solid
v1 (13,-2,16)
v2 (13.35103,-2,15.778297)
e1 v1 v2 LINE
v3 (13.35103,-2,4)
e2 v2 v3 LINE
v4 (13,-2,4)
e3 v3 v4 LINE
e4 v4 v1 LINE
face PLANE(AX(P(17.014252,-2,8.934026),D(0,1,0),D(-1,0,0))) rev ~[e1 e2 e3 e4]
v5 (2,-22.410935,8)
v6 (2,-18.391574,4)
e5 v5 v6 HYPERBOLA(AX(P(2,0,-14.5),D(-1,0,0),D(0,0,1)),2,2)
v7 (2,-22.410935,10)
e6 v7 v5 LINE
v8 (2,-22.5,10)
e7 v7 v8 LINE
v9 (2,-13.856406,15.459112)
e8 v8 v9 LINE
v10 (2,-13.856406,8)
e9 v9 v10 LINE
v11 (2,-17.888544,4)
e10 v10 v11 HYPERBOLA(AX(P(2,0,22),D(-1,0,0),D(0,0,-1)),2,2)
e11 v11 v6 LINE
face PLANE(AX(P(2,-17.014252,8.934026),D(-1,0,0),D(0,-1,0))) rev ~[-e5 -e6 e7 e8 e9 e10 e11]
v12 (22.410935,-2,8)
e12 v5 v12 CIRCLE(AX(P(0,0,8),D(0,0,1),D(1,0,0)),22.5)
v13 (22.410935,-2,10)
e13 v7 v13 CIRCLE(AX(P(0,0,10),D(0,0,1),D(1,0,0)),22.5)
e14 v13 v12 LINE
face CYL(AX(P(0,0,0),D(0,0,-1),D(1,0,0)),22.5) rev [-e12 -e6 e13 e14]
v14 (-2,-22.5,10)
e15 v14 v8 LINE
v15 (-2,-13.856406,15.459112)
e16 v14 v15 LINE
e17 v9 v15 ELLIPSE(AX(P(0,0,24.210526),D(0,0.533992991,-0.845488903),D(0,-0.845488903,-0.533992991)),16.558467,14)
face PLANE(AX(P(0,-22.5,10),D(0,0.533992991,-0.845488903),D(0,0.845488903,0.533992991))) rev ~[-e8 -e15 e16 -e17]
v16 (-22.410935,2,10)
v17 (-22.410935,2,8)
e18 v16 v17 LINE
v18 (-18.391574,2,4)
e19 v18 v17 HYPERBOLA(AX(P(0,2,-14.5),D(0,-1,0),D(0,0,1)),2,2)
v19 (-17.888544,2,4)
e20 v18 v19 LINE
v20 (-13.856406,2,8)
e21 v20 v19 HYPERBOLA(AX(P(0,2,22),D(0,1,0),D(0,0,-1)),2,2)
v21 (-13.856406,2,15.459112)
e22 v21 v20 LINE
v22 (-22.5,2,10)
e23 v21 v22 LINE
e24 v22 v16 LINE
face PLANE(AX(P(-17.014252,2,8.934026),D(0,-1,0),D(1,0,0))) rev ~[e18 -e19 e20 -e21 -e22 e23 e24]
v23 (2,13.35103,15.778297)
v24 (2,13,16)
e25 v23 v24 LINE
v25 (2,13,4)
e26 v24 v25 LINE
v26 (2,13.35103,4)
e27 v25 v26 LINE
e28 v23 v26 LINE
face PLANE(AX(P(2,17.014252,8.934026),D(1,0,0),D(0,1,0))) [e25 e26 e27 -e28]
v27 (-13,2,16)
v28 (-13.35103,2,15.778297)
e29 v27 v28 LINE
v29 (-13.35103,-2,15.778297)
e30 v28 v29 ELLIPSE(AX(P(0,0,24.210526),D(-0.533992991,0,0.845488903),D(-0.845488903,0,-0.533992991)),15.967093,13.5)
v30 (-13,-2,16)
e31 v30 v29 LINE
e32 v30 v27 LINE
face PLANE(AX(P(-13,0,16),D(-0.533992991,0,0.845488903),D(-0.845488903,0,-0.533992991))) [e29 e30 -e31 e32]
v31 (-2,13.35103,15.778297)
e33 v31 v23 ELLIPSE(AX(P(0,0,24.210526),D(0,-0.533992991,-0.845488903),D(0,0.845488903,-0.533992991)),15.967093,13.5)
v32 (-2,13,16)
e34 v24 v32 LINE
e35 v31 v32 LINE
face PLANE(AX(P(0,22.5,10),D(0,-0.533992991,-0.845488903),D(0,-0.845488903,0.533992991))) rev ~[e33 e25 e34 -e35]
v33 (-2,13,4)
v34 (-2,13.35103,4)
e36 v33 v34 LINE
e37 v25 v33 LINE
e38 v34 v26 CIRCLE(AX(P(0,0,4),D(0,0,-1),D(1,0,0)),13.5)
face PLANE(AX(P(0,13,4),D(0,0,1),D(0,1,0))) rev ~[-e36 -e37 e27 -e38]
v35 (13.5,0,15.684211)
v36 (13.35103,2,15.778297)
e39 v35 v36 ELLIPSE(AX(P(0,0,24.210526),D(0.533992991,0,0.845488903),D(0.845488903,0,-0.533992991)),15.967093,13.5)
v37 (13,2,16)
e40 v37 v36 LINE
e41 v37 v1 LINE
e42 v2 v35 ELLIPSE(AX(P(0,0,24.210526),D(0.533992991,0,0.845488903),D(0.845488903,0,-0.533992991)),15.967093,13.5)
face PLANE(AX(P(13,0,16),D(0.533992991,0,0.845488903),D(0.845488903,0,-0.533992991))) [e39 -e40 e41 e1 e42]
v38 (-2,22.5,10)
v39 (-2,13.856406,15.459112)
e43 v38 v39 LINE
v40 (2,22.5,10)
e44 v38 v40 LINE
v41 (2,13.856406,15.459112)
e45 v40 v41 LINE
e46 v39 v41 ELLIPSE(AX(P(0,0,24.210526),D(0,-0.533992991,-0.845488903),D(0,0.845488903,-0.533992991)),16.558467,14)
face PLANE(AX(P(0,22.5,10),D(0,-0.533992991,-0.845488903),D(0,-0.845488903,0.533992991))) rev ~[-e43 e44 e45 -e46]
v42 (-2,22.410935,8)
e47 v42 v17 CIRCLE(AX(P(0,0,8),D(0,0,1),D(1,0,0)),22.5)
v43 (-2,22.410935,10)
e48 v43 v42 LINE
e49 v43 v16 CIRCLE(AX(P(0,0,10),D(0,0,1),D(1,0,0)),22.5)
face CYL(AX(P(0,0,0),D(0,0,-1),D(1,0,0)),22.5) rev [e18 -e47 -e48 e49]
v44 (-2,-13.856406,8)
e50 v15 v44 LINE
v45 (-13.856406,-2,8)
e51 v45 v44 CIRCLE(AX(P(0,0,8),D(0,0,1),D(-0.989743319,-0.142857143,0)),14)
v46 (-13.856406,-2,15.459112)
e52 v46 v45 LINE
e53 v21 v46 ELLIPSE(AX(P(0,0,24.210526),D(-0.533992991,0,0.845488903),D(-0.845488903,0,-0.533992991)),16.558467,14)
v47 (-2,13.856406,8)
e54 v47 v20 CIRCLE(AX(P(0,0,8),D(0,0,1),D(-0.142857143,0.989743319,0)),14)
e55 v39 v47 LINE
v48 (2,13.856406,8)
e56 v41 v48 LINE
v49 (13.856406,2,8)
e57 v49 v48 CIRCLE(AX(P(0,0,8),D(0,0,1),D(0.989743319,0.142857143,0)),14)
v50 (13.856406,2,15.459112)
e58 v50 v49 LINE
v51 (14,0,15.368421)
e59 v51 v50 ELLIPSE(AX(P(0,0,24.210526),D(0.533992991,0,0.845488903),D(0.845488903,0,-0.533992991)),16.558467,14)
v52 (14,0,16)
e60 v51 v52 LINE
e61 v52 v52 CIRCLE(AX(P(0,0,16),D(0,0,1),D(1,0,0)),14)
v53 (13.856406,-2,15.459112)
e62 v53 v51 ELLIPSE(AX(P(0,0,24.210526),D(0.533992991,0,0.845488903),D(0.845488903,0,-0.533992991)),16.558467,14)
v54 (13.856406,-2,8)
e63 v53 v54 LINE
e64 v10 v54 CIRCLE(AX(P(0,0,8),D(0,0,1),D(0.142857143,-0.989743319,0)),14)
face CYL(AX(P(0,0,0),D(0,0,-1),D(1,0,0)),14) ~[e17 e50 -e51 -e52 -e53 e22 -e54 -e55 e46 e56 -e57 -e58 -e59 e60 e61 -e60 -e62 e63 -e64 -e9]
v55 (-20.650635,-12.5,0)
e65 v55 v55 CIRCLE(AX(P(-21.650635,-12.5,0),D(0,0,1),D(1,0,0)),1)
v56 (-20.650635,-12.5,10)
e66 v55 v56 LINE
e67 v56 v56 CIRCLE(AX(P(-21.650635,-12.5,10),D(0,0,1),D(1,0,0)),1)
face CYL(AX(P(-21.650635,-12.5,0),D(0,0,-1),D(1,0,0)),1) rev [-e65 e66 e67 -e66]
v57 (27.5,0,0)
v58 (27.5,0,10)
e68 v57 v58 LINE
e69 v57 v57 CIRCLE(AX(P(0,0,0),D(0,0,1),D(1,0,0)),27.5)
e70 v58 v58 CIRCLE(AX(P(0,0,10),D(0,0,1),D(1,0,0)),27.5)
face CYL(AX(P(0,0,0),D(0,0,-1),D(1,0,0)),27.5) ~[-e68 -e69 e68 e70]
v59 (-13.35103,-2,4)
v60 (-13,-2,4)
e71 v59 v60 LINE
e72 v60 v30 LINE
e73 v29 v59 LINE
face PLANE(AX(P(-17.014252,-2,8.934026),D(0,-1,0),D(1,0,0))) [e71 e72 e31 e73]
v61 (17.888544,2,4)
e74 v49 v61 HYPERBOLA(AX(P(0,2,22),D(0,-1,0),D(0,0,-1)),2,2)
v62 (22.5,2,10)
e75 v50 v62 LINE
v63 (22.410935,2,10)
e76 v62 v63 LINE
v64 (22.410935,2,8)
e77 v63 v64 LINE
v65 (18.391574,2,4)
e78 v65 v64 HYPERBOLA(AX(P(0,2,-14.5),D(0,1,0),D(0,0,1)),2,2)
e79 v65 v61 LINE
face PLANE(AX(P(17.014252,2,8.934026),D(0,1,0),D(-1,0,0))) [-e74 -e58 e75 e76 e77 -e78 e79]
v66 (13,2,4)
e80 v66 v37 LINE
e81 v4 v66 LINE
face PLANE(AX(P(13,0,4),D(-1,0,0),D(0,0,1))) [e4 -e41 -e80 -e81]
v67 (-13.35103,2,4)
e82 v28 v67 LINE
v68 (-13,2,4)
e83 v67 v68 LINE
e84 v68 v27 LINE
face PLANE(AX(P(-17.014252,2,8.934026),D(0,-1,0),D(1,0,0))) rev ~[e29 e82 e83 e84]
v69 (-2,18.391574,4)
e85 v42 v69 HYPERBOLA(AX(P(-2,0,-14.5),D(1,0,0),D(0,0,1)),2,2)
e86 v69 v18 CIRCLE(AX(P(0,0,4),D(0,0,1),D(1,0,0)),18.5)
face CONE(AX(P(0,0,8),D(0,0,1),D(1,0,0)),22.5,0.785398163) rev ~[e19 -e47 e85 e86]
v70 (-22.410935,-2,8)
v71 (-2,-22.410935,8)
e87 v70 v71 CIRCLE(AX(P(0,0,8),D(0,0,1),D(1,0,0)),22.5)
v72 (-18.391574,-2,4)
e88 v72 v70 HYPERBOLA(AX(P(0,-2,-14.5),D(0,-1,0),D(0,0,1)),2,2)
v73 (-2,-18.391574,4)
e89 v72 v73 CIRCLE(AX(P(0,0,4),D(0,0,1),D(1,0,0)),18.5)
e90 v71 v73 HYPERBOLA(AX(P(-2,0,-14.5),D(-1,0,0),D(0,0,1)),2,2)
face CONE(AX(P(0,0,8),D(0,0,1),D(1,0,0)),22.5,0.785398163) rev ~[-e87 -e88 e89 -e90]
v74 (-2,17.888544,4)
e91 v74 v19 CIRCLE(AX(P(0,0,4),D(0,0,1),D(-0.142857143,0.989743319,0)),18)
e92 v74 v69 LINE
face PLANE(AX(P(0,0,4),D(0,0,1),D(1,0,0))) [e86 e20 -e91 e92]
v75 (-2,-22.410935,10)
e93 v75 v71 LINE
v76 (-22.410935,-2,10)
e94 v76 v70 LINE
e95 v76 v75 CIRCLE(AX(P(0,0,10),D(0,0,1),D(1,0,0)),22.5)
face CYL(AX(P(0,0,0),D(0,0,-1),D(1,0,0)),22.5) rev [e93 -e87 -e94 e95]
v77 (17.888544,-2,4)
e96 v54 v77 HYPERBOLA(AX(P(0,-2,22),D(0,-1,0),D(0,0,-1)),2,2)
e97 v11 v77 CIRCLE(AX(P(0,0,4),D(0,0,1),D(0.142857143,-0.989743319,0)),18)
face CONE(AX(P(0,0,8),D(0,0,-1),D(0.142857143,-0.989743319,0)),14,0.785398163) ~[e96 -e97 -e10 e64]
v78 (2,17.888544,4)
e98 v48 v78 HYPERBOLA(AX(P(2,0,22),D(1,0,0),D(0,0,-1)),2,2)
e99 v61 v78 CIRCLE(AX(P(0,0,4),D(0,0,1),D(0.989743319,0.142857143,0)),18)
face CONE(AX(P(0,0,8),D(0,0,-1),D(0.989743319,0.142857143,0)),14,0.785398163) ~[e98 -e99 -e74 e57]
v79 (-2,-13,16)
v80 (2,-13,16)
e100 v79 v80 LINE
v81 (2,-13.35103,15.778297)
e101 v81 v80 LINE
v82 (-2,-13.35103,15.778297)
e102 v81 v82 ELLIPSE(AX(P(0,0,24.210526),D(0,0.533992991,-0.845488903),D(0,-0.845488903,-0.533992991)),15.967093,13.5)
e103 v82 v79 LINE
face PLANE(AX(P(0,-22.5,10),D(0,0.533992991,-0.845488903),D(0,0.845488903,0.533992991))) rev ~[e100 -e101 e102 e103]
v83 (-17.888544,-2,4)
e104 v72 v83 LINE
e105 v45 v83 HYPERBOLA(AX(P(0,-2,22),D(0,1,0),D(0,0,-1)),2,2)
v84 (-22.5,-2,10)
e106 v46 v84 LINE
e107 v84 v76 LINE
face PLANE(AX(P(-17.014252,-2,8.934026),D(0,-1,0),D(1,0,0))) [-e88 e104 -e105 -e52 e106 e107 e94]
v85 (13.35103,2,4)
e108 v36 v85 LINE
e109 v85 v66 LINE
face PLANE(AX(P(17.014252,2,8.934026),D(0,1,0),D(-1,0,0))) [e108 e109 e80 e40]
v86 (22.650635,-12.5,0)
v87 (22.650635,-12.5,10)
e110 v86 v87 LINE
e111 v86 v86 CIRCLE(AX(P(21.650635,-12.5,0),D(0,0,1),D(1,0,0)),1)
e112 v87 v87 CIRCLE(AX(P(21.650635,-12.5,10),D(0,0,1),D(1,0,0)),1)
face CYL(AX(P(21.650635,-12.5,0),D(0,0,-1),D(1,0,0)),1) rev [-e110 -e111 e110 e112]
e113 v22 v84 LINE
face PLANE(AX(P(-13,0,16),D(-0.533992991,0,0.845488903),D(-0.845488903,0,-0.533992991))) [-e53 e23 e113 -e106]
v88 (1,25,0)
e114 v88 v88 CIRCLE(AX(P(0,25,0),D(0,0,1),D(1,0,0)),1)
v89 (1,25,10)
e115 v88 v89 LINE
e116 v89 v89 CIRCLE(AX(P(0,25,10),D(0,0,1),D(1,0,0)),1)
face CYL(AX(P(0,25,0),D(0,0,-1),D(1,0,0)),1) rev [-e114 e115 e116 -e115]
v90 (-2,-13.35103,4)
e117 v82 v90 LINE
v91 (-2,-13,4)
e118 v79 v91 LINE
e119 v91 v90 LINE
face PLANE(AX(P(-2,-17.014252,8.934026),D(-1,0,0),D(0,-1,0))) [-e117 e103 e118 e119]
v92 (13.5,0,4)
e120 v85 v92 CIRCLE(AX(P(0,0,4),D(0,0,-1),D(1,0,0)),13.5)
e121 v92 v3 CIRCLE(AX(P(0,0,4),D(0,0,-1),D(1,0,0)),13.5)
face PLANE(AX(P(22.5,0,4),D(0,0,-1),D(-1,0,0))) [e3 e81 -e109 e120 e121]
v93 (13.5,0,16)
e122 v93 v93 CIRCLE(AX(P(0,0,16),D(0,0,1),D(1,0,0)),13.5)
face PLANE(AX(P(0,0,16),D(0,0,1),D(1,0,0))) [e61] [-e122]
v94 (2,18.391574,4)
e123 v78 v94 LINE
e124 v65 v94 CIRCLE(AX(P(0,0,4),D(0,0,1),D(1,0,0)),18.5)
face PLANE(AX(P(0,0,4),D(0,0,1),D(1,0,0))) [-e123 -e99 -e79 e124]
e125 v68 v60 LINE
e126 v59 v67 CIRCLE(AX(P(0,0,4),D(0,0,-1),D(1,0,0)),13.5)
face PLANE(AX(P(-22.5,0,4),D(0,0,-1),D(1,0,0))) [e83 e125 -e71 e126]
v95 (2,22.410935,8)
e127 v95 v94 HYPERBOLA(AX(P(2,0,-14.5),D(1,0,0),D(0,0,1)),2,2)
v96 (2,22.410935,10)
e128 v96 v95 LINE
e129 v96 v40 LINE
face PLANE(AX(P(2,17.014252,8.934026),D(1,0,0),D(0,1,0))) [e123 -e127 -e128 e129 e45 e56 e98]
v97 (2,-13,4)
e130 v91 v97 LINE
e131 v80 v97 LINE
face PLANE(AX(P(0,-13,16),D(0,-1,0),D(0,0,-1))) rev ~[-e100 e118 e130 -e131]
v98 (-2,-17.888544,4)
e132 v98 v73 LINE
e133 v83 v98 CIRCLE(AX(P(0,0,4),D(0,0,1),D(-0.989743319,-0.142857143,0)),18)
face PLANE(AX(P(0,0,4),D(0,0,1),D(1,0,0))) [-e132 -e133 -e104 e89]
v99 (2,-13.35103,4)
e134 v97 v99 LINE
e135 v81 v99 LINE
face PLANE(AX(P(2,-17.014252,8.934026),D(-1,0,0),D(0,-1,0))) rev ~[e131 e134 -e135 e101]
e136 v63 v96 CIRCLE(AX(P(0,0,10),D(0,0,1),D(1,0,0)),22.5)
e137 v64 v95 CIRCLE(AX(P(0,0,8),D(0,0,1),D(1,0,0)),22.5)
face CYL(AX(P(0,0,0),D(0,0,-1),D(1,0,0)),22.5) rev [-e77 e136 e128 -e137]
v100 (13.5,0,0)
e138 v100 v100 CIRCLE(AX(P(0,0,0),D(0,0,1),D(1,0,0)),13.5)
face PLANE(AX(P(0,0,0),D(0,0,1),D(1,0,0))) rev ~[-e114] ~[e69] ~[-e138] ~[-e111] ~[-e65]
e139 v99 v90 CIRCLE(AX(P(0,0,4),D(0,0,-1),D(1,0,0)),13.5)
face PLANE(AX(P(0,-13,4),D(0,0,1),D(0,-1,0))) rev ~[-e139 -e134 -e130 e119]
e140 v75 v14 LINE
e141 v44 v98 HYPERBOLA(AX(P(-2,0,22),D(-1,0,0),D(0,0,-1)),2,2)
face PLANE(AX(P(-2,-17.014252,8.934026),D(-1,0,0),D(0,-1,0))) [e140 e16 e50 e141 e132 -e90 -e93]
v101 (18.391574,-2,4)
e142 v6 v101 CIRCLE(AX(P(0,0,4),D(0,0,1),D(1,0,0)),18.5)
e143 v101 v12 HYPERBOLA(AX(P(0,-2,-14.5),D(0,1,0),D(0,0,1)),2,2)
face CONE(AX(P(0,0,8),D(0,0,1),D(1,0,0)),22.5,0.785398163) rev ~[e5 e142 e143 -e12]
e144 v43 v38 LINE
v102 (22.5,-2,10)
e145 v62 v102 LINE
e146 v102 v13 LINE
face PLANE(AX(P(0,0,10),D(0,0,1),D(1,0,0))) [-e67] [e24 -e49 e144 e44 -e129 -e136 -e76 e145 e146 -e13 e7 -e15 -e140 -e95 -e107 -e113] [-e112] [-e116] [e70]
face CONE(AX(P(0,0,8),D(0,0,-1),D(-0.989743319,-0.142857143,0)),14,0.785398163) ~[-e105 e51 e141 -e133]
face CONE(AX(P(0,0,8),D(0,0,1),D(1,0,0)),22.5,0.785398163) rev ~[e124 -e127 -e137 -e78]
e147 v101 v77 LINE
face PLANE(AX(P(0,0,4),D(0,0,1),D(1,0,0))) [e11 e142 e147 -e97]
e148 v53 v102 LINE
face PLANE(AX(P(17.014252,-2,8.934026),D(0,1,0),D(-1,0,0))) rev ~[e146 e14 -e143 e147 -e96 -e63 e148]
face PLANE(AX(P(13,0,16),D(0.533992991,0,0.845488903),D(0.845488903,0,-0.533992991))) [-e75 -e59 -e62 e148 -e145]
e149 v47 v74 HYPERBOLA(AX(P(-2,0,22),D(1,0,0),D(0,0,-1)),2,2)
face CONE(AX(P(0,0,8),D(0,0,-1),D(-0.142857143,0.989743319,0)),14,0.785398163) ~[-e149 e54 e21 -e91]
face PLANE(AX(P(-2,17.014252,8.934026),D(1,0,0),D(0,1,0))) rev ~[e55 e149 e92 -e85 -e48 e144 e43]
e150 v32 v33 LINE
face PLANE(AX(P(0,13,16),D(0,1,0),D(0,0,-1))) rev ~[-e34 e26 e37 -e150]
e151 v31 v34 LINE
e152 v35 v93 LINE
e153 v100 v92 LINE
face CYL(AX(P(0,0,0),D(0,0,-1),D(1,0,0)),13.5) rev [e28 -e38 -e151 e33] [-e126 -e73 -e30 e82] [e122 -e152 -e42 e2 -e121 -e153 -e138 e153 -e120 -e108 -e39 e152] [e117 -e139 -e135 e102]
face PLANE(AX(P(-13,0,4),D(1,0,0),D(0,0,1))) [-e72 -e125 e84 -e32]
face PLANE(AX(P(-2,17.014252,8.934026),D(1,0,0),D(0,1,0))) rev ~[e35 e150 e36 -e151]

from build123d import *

# Parameters (mm, degrees)
SKETCH_R        = 27.5
SKETCH_R_2      = 22.5
SKETCH_R_3      = 1
PAD_DEPTH       = 10
SKETCH001_R     = 22.5
SKETCH001_R_2   = 14
PAD001_DEPTH    = 4
CHAMFER_SIZE    = 4
PAD002_DEPTH    = 2
PAD003_DEPTH    = 2
SKETCH004_R     = 14
SKETCH004_R_2   = 13.5
PAD004_DEPTH    = 16
CHAMFER001_SIZE = 4


with BuildPart() as part:
    # Sketch → Pad (new body)
    with BuildSketch(Plane.XY):
        Circle(SKETCH_R)
        Circle(SKETCH_R_2, mode=Mode.SUBTRACT)
        with Locations((0, 25)):
            Circle(SKETCH_R_3, mode=Mode.SUBTRACT)
        with Locations((-21.650635, -12.5)):
            Circle(SKETCH_R_3, mode=Mode.SUBTRACT)
        with Locations((21.650635, -12.5)):
            Circle(SKETCH_R_3, mode=Mode.SUBTRACT)
    extrude(amount=PAD_DEPTH)

    # Sketch001 → Pad001 (join)
    with BuildSketch(Plane.XY):
        Circle(SKETCH001_R)
        Circle(SKETCH001_R_2, mode=Mode.SUBTRACT)
    extrude(amount=PAD001_DEPTH)

    # Chamfer
    chamfer_edges = [part.edges().sort_by_distance(p)[0] for p in [
        (-22.5, 0, 4),
    ]]
    chamfer(chamfer_edges, length=CHAMFER_SIZE)

    # Sketch002 → Pad002 (join, symmetric)
    with BuildSketch(Plane.XZ):
        Polygon((22.5, 10), (22.5, 4), (13, 4), (13, 16), align=None)
        Polygon((-22.5, 10), (-22.5, 4), (-13, 4), (-13, 16), align=None)
    extrude(amount=PAD002_DEPTH, both=True)

    # Sketch003 → Pad003 (join, symmetric)
    with BuildSketch(Plane.YZ):
        Polygon((13, 4), (22.5, 4), (22.5, 10), (13, 16), align=None)
        Polygon((-13, 4), (-22.5, 4), (-22.5, 10), (-13, 16), align=None)
    extrude(amount=PAD003_DEPTH, both=True)

    # Sketch004 → Pad004 (join)
    with BuildSketch(Plane.XY):
        Circle(SKETCH004_R)
        Circle(SKETCH004_R_2, mode=Mode.SUBTRACT)
    extrude(amount=PAD004_DEPTH)

    # Chamfer001
    chamfer001_edges = [part.edges().sort_by_distance(p)[0] for p in [
        (9.899495, 9.899495, 4),
        (9.899495, -9.899495, 4),
        (-9.899495, -9.899495, 4),
        (-9.899495, 9.899495, 4),
    ]]
    chamfer(chamfer001_edges, length=CHAMFER001_SIZE)


solid = part.part
